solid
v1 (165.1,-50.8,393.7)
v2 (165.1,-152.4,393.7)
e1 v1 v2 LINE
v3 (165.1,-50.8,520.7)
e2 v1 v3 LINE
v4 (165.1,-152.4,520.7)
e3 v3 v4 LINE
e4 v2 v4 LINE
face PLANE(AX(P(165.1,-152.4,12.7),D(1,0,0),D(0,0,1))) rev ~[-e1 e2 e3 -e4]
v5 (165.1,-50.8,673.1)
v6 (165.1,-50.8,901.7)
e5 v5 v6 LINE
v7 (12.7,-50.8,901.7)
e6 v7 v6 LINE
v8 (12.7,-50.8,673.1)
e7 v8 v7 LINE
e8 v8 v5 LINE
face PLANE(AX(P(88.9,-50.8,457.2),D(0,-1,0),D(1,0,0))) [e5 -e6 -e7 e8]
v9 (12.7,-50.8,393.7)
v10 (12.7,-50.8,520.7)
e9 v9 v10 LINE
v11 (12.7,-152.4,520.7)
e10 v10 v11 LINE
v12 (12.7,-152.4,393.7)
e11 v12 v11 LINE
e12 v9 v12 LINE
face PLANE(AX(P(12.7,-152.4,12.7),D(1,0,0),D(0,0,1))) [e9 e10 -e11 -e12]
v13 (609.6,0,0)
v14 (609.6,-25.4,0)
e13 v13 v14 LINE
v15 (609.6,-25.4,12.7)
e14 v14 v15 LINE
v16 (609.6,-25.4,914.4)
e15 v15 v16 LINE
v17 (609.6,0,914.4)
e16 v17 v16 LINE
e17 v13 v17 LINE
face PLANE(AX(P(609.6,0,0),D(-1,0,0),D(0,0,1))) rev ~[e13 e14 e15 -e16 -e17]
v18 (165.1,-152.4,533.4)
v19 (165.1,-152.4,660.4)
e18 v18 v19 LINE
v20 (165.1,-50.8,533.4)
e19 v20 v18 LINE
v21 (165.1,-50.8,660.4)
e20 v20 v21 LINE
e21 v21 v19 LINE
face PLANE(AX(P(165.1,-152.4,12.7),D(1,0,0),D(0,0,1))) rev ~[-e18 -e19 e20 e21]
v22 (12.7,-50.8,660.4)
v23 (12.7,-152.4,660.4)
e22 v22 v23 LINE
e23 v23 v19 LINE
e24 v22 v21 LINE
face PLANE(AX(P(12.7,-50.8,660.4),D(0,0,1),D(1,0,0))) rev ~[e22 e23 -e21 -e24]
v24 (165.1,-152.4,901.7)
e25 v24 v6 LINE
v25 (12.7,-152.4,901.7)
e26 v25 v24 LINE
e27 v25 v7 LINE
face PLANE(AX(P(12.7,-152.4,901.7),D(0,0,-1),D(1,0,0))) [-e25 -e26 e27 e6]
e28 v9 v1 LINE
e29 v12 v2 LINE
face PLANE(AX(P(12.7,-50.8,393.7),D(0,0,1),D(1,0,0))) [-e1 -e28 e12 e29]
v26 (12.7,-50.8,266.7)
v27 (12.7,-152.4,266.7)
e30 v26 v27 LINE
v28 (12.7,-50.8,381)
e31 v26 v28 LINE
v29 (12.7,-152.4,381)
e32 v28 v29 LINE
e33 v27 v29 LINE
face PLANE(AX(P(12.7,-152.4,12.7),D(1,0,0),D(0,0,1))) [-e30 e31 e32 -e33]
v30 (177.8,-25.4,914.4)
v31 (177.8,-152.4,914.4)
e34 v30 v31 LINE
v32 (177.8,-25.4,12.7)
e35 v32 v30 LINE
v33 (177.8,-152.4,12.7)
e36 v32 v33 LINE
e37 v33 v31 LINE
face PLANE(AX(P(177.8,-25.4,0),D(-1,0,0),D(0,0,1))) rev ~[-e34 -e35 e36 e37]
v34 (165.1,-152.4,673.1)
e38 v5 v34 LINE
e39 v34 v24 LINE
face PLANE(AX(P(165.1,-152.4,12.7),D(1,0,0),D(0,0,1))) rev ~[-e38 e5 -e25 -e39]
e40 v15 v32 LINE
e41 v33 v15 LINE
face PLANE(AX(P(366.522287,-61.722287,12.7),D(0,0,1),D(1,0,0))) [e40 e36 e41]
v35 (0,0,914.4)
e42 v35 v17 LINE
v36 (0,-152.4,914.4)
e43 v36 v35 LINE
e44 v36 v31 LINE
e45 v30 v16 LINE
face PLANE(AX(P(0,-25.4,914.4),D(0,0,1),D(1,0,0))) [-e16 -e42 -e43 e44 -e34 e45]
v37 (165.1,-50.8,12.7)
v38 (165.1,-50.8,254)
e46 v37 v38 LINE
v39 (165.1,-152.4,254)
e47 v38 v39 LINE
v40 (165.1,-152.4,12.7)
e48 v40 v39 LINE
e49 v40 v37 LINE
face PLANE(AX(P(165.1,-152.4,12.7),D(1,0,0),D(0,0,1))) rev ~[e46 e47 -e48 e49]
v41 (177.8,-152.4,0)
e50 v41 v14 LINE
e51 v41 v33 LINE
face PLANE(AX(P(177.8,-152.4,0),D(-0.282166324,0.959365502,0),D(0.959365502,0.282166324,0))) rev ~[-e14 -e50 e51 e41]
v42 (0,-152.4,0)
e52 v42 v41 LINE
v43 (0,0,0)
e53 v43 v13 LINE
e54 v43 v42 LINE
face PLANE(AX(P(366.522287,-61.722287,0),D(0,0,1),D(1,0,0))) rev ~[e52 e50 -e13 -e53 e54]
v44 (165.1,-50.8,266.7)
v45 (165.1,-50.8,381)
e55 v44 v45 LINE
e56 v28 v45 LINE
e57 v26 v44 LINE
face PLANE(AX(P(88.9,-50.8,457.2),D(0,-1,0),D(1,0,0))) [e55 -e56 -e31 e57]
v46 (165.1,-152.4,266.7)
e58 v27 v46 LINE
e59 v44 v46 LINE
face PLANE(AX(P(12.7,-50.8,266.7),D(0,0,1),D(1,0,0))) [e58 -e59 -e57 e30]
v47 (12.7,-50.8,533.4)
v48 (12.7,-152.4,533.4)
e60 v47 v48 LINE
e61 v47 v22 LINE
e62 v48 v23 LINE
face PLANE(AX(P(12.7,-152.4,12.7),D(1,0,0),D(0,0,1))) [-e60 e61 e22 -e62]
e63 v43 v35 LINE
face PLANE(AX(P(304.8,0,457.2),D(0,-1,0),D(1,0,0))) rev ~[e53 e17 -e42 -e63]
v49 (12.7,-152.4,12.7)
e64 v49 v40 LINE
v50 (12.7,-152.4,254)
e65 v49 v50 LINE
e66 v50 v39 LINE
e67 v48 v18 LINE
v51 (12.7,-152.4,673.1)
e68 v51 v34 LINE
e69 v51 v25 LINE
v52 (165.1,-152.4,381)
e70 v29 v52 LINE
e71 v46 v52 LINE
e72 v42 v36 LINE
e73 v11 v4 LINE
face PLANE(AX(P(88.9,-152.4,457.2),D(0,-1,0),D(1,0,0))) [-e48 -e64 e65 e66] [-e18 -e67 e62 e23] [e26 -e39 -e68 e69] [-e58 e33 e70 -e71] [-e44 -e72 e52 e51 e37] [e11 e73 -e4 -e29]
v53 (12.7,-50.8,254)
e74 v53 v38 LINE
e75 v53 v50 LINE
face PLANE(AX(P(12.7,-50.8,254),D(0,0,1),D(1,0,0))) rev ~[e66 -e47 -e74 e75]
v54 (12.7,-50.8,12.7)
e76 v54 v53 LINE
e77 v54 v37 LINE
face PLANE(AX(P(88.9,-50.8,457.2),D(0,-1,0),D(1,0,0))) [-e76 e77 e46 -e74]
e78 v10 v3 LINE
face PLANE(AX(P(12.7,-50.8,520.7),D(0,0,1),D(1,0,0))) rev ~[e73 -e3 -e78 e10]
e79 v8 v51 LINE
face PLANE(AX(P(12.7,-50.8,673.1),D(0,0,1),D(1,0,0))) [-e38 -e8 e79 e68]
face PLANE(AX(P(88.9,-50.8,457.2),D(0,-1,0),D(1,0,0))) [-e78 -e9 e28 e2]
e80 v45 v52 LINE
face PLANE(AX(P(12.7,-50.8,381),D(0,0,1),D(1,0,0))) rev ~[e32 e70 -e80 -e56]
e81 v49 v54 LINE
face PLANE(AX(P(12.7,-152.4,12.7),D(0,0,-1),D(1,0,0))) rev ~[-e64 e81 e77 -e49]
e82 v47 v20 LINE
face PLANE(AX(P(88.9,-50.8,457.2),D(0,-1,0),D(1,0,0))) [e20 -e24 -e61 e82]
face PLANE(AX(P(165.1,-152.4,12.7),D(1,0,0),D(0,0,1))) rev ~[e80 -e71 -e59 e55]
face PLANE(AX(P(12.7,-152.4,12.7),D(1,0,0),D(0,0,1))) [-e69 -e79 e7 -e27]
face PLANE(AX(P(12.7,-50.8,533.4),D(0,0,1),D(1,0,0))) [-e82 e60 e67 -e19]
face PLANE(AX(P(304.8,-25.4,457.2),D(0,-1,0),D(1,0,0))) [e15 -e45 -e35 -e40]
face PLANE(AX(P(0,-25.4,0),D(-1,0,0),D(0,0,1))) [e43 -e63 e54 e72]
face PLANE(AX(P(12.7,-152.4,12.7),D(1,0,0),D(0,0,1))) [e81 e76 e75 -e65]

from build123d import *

# Parameters (mm, degrees)
F0_W     = 609.6
F0_H     = 914.4
F1_DEPTH = 25.4
F2_W     = 177.8
F2_H     = 914.4
F3_DEPTH = 127
F4_W     = 152.4
F4_H     = 889
F5_DEPTH = 101.6
F6_W     = 152.4
F6_H     = 12.7
F7_DEPTH = 101.6
F9_DEPTH = 12.7


with BuildPart() as f1:
    # F0 (on Front) → F1 (new body)
    with BuildSketch(Plane.XZ):
        with Locations((304.8, 457.2)):
            Rectangle(F0_W, F0_H)
    extrude(amount=F1_DEPTH)

    # F2 (on face) → F3 (join)
    with BuildSketch(Plane.XZ.offset(25.4)):
        with Locations((88.9, 457.2)):
            Rectangle(F2_W, F2_H)
    extrude(amount=F3_DEPTH)

    # F4 (on face) → F5 (cut)
    with BuildSketch(Plane.XZ.offset(152.4)):
        with Locations((88.9, 457.2)):
            Rectangle(F4_W, F4_H)
    extrude(amount=-F5_DEPTH, mode=Mode.SUBTRACT)

    # F6 (on face) → F7 (join)
    with BuildSketch(Plane.XZ.offset(50.8)):
        with Locations((88.9, 666.75)):
            Rectangle(F6_W, F6_H)
        with Locations((88.9, 527.05)):
            Rectangle(F6_W, F6_H)
        with Locations((88.9, 387.35)):
            Rectangle(F6_W, F6_H)
        with Locations((88.9, 260.35)):
            Rectangle(F6_W, F6_H)
    extrude(amount=F7_DEPTH)

    # F8 (on Top) → F9 (join)
    with BuildSketch(Plane.XY):
        Polygon((177.8, -25.4), (177.8, -152.4), (609.6, -25.4), align=None)
    extrude(amount=F9_DEPTH)


solid = f1.part
